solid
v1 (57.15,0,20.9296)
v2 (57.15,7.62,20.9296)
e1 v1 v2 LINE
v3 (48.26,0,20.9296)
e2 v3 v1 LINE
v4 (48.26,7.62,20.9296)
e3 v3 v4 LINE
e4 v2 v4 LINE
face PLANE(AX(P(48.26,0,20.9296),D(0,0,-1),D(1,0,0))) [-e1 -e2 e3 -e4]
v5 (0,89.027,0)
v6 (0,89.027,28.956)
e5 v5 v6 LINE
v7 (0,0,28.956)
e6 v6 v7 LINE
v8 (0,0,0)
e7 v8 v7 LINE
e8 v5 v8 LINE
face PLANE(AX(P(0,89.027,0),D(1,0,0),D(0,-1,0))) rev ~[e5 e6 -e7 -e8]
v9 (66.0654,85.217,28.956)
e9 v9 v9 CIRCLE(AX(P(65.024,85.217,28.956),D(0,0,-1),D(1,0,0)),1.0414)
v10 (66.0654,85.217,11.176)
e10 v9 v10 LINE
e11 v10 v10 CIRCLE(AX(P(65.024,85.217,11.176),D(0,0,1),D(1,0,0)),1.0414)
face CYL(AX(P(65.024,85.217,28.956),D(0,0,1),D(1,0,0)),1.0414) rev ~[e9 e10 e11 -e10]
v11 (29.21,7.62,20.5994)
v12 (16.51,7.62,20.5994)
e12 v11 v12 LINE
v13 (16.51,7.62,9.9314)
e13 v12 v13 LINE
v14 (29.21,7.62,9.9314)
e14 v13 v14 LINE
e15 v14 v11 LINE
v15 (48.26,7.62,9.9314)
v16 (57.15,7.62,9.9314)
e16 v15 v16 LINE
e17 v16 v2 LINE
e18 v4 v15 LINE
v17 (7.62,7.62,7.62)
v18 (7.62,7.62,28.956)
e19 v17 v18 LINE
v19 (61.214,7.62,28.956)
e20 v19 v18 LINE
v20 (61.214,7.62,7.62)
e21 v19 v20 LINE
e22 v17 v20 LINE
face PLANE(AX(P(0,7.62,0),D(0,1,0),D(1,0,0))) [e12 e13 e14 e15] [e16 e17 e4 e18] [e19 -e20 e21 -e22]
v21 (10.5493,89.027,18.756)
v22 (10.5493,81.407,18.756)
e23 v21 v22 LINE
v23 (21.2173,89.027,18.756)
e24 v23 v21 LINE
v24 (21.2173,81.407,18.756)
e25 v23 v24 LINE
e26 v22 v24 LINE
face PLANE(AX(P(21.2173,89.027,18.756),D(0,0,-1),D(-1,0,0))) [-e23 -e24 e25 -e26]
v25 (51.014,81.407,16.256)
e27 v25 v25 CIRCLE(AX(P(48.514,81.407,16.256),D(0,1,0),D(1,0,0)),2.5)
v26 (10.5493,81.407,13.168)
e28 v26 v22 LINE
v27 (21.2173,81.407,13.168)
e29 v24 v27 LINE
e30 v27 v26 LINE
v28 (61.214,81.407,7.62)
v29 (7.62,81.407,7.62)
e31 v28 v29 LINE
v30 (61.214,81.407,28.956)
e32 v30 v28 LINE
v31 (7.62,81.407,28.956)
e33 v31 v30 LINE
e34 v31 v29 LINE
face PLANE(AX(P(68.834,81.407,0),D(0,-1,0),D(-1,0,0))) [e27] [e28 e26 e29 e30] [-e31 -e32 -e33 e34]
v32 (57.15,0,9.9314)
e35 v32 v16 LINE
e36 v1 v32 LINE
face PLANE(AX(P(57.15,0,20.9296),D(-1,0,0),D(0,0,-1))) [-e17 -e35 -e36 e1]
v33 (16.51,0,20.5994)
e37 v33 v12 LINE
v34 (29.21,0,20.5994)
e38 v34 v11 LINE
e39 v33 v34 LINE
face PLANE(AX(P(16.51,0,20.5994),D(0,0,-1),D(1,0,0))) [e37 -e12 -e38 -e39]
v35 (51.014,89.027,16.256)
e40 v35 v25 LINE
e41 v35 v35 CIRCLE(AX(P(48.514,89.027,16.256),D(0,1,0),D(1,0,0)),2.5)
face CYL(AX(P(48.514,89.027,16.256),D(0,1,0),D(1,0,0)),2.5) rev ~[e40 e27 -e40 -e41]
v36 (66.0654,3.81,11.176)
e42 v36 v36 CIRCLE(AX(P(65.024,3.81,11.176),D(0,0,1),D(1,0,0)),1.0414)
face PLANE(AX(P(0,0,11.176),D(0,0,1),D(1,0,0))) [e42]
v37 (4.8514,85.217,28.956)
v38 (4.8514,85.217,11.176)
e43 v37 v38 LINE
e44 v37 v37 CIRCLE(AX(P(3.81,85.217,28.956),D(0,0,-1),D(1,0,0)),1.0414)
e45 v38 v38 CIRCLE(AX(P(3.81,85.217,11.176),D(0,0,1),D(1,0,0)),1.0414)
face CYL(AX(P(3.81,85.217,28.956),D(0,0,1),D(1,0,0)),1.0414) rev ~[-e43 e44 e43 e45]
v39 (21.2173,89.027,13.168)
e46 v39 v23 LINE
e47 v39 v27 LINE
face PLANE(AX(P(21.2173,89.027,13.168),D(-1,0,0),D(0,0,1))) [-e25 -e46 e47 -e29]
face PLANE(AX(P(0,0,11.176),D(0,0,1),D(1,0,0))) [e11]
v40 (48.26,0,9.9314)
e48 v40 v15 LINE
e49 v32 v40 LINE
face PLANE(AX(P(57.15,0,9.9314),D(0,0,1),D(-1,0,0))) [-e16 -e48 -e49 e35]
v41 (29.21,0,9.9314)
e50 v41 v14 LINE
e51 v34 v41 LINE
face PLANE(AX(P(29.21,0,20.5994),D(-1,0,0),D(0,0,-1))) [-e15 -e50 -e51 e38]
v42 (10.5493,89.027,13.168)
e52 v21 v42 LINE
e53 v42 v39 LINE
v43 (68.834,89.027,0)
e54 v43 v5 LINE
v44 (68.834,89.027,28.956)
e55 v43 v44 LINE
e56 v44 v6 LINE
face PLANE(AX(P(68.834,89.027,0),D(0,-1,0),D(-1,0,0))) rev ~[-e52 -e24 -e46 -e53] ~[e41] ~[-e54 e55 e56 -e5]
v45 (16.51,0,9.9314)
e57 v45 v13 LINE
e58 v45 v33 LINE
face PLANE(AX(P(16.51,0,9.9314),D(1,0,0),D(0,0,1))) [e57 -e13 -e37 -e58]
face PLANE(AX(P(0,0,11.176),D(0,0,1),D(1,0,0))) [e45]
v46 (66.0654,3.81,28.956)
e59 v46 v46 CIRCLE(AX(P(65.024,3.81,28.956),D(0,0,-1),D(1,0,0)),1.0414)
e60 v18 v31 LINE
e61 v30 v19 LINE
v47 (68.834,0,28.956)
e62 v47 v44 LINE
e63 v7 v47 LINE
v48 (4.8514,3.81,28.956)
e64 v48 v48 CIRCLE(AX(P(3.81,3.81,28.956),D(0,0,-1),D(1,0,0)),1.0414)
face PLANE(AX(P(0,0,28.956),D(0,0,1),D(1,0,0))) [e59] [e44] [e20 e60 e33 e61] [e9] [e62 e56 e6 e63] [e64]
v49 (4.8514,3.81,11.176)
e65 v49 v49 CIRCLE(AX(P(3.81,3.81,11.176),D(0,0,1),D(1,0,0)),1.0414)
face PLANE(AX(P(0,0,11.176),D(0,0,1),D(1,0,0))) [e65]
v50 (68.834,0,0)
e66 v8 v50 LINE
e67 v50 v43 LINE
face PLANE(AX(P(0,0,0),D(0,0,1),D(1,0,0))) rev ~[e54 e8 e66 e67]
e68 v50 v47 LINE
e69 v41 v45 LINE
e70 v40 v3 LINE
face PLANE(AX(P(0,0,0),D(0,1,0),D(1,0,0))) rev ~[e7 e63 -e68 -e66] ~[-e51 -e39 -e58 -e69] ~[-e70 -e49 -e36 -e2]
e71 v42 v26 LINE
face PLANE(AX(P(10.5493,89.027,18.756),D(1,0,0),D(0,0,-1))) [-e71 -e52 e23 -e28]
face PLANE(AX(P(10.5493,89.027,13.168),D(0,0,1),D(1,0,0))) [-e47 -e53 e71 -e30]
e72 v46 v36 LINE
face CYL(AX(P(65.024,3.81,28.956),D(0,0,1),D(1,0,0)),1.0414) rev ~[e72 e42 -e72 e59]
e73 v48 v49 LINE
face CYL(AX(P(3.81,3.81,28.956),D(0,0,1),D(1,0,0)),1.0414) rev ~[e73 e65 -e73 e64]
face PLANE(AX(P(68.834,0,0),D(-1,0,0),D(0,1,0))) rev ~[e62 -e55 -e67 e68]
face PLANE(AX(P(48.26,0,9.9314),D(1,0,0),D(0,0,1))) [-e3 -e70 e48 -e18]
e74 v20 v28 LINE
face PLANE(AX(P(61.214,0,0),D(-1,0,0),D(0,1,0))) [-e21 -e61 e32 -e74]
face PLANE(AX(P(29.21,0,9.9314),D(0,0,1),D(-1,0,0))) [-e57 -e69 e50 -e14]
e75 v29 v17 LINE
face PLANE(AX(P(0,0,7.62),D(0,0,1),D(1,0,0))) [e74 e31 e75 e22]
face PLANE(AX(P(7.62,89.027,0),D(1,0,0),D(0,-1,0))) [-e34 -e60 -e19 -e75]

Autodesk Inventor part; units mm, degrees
ref_plane "YZ Plane" through (0, 0, 0) normal (1, 0, 0) x (0, 1, 0)
ref_plane "XZ Plane" through (0, 0, 0) normal (0, 1, 0) x (-1, 0, 0)
ref_plane "XY Plane" through (0, 0, 0) normal (0, 0, 1) x (1, 0, 0)
sketch "Sketch8" plane through (0, 0, 0) normal (0, 0, 1) x (1, 0, 0)
  line L0 (0, 0) -> (68.834, 0)
  line L1 (68.834, 0) -> (68.834, 89.027)
  line L2 (68.834, 89.027) -> (0, 89.027)
  line L3 (0, 89.027) -> (0, 0)
  dimension "d20" = 89.027
  dimension "d21" = 68.834
extrude "Extrusion6" add sketch "Sketch8" along normal blind 28.956
shell "Shell2" thickness 7.62 removed faces 1 at (45.8893, 29.6757, 28.956)
sketch "Sketch9" plane through (0, 0, 0) normal (0, -1, 0) x (1, 0, 0)
  point P0 (0, 0)
sketch "Sketch10" plane through (0, 0, 0) normal (0, -1, 0) x (1, 0, 0)
  line L0 (16.51, 20.5994) -> (29.21, 20.5994)
  line L1 (29.21, 20.5994) -> (29.21, 9.9314)
  line L2 (29.21, 9.9314) -> (16.51, 9.9314)
  line L3 (16.51, 9.9314) -> (16.51, 20.5994)
  line L4 (0, 0) -> (68.834, 0) projected
  line L5 (0, 0) -> (0, 28.956) projected
  line L6 (48.26, 20.9296) -> (57.15, 20.9296)
  line L7 (57.15, 20.9296) -> (57.15, 9.9314)
  line L8 (57.15, 9.9314) -> (48.26, 9.9314)
  line L9 (48.26, 9.9314) -> (48.26, 20.9296)
  line L10 (68.834, 0) -> (68.834, 28.956) projected
  dimension "d25" = 10.668
  dimension "d26" = 12.7
  dimension "d27" = 9.9314
  dimension "d28" = 16.51
  dimension "d29" = 10.9982
  dimension "d30" = 8.89
  dimension "d31" = 9.9314
  dimension "d32" = 11.684
extrude "Extrusion7" cut sketch "Sketch10" against normal blind 28.956 contours L0 L1 L2 L3
extrude "Extrusion8" cut sketch "Sketch10" against normal blind 28.956 contours L6 L7 L8 L9
sketch "Sketch11" plane through (7.62, 81.407, 7.62) normal (0, -1, 0) x (1, 0, 0)
  point P0 (-7.62, -7.62)
sketch "Sketch12" plane through (0, 89.027, 0) normal (0, 1, 0) x (1, 0, 0)
  circle A0 centre (48.514, -16.256) radius 2.5
  line L0 (68.834, 0) -> (68.834, -28.956) projected
  line L1 (68.834, -28.956) -> (0, -28.956) projected
  point P0 (0, 0)
  dimension "d37" = 5
  dimension "d38" = 20.32
  dimension "d39" = 12.7
extrude "Extrusion9" cut sketch "Sketch12" against normal blind 28.956
sketch "Sketch13" plane through (0, 0, 28.956) normal (0, 0, 1) x (1, 0, 0)
  line L0 (0, 89.027) -> (0, 0) projected
  line L1 (0, 89.027) -> (7.62, 81.407)
  circle A0 centre (3.81, 85.217) radius 1.0414
  line L2 (7.62, 81.407) -> (61.214, 81.407) projected
  line L3 (61.214, 81.407) -> (68.834, 89.027)
  line L4 (7.62, 7.62) -> (61.214, 7.62) projected
  line L5 (7.62, 7.62) -> (0, 0)
  line L6 (0, 0) -> (68.834, 0) projected
  line L7 (61.214, 7.62) -> (68.834, 0)
  circle A1 centre (65.024, 85.217) radius 1.0414
  circle A2 centre (3.81, 3.81) radius 1.0414
  circle A3 centre (65.024, 3.81) radius 1.0414
  dimension "d42" = 2.0828
  dimension "d43" = 2.0828
  dimension "d44" = 2.0828
  dimension "d45" = 2.0828
extrude "Extrusion10" cut sketch "Sketch13" against normal blind 17.78 contours A0 L1 | L1 A0
extrude "Extrusion11" cut sketch "Sketch13" against normal blind 17.78 contours A1 L3 | L3 A1
extrude "Extrusion12" cut sketch "Sketch13" against normal blind 17.78 contours A2 L5 | L5 A2
extrude "Extrusion13" cut sketch "Sketch13" against normal blind 17.78 contours A3 L7 | L7 A3
sketch "Sketch14" plane through (0, 89.027, 0) normal (0, 1, 0) x (1, 0, 0)
  line L0 (21.2173, -18.756) -> (10.5493, -18.756)
  line L1 (10.5493, -18.756) -> (10.5493, -13.168)
  line L2 (10.5493, -13.168) -> (21.2173, -13.168)
  line L3 (21.2173, -13.168) -> (21.2173, -18.756)
  circle A0 centre (48.514, -16.256) radius 2.5 projected
  point P0 (0, 0)
  dimension "d54" = 10.668
  dimension "d55" = 5.588
  dimension "d56" = 0
extrude "Extrusion14" cut sketch "Sketch14" against normal blind 17.78 contours L0 L1 L2 L3
properties part number "arduinoCase"
